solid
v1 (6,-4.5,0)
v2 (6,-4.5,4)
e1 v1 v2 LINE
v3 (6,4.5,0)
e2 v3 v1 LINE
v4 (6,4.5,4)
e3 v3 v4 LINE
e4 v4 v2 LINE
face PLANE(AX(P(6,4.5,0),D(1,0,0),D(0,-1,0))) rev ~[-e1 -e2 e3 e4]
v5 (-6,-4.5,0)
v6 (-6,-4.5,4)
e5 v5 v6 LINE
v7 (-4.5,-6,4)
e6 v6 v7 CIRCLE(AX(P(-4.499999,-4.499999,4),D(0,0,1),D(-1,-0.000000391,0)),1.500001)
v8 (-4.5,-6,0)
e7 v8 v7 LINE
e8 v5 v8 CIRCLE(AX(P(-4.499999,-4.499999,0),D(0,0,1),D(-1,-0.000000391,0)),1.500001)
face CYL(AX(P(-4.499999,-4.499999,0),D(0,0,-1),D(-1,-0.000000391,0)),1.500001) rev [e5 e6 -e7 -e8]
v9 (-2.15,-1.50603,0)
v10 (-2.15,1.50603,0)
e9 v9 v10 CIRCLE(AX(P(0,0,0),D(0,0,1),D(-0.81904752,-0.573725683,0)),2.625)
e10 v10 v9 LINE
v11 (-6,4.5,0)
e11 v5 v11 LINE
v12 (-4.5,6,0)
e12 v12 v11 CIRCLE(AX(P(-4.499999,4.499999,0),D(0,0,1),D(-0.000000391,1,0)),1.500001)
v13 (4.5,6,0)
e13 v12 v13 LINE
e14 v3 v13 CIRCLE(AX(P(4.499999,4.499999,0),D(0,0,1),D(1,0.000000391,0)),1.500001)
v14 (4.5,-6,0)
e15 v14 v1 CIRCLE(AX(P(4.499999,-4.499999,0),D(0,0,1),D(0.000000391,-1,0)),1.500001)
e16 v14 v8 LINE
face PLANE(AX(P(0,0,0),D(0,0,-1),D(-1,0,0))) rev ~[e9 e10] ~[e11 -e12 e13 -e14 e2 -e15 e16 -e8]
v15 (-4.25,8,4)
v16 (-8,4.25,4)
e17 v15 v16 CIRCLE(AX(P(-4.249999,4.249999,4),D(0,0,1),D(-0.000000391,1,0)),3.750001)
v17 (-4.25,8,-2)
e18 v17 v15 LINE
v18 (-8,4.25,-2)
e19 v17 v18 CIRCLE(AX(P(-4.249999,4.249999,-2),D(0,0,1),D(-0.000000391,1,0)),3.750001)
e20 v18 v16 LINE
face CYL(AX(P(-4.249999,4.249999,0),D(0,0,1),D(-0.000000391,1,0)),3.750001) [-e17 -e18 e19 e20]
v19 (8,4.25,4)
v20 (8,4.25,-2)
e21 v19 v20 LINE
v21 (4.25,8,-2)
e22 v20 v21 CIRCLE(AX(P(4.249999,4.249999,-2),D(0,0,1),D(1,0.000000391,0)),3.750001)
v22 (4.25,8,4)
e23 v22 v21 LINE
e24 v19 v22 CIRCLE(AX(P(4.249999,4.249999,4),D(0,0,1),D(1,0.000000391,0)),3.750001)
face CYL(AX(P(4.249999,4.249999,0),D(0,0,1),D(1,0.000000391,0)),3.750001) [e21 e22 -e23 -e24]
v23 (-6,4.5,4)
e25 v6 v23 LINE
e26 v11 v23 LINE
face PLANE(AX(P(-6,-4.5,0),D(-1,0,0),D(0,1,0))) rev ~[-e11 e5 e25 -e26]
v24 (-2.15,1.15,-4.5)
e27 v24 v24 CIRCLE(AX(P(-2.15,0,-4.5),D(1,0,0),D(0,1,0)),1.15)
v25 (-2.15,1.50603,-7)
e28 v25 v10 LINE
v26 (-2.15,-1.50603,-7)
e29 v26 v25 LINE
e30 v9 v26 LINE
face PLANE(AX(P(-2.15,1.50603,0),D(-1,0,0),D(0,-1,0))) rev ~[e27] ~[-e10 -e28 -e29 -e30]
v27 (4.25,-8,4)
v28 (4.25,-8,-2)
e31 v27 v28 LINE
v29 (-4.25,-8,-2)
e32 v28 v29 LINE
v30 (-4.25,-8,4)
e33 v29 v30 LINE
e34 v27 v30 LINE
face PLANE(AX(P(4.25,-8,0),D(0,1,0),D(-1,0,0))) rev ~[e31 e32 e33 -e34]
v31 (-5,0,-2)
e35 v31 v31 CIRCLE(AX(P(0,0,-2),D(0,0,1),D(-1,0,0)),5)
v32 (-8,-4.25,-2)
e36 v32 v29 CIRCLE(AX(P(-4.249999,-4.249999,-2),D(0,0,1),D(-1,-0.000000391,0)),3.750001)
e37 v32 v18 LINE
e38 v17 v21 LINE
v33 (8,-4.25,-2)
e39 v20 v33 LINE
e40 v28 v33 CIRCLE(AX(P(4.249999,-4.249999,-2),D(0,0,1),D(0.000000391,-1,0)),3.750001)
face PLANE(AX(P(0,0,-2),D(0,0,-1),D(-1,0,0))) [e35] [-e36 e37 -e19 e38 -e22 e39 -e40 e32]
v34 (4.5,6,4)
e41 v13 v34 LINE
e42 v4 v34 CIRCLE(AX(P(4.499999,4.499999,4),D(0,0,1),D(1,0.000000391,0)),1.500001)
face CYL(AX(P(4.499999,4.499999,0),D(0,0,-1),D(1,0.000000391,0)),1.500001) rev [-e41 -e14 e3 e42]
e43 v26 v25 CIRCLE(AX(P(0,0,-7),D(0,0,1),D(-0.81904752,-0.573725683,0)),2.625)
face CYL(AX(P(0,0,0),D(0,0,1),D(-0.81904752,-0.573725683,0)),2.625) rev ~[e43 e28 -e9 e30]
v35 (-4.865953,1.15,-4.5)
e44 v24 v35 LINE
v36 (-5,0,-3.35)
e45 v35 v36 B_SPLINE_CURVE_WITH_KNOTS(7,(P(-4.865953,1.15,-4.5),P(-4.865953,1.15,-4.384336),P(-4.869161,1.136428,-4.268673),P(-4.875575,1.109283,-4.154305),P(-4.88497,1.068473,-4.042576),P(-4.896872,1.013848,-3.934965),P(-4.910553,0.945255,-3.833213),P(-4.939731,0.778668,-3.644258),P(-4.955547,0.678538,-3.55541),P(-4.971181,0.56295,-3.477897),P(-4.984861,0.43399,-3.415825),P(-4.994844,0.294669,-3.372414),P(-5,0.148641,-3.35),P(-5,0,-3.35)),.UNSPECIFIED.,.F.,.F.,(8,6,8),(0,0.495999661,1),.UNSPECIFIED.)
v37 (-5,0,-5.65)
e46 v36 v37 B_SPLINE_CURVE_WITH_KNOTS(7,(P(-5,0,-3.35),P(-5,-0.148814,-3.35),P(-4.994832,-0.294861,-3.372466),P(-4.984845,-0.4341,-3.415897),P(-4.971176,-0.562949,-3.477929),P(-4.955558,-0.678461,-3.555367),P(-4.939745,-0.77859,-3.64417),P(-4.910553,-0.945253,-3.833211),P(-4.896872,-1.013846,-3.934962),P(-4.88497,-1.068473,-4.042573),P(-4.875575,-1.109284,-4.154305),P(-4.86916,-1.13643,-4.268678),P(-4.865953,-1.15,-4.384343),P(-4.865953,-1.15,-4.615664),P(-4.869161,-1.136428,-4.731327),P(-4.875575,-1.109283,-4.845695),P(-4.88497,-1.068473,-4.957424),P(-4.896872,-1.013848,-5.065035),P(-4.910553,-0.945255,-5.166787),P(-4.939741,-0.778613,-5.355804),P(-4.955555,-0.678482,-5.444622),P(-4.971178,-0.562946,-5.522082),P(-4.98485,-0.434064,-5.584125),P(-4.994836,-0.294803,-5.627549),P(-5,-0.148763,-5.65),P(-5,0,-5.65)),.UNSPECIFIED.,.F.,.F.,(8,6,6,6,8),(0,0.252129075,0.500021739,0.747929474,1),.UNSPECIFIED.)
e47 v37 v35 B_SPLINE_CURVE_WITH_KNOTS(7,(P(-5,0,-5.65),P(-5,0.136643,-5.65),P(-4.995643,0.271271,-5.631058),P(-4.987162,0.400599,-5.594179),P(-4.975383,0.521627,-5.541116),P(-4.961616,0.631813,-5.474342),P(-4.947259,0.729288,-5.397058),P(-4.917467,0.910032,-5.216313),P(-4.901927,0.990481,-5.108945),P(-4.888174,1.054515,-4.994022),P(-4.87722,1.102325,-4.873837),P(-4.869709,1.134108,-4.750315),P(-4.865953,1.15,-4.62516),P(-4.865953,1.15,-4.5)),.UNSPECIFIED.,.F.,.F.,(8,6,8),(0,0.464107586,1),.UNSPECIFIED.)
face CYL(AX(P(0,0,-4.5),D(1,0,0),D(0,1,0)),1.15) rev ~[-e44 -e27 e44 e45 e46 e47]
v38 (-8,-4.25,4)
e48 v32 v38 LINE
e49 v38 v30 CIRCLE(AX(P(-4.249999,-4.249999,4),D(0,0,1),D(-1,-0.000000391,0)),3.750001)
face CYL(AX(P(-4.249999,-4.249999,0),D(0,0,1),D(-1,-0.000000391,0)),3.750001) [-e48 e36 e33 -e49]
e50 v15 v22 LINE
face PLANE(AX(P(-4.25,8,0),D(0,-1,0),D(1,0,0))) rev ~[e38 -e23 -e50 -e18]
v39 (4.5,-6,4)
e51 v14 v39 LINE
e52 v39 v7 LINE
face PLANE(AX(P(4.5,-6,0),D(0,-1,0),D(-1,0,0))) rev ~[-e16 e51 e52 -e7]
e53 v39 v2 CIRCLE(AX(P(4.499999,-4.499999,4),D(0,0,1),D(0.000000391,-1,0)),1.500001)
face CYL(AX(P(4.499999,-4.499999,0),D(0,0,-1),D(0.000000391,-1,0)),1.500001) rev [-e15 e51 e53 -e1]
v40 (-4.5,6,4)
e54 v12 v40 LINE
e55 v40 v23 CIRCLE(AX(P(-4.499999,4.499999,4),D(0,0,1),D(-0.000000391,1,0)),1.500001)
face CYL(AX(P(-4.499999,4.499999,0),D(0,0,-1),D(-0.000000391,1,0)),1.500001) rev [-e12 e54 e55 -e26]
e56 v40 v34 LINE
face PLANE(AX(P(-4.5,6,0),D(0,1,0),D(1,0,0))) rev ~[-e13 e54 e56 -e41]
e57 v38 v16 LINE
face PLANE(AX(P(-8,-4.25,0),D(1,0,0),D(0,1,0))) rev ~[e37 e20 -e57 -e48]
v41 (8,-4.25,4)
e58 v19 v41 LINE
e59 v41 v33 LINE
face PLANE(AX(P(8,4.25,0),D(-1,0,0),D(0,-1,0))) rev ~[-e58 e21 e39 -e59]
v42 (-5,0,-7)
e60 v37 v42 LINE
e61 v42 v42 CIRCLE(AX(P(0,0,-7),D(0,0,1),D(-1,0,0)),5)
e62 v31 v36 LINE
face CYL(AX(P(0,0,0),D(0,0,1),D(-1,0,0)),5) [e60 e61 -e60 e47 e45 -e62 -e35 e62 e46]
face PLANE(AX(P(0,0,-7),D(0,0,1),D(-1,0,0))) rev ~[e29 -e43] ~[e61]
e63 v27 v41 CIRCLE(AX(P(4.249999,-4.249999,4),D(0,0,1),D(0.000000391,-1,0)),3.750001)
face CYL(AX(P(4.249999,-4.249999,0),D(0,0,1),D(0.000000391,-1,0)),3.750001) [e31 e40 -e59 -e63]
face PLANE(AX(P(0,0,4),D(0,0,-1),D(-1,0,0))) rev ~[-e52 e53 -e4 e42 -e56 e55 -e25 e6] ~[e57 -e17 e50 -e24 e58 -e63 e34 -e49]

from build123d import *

# Parameters (mm, degrees)
PAD_DEPTH    = 4
PAD001_DEPTH = 2
SKETCH002_R  = 5
PAD002_DEPTH = 7
SKETCH003_R  = 1.15
POCKET_DEPTH = 5


with BuildPart() as part:
    # Sketch → Pad (new body)
    with BuildSketch(Plane.XY):
        with BuildLine():
            Line((-4.25, 8), (4.25, 8))
            ThreePointArc((8, 4.25), (6.90165, 6.90165), (4.25, 8))
            Line((8, 4.25), (8, -4.25))
            ThreePointArc((4.25, -8), (6.90165, -6.90165), (8, -4.25))
            Line((4.25, -8), (-4.25, -8))
            ThreePointArc((-8, -4.25), (-6.90165, -6.90165), (-4.25, -8))
            Line((-8, -4.25), (-8, 4.25))
            ThreePointArc((-4.25, 8), (-6.90165, 6.90165), (-8, 4.25))
        make_face()
        with BuildLine():
            Line((-4.5, 6), (4.5, 6))
            ThreePointArc((6, 4.5), (5.56066, 5.56066), (4.5, 6))
            Line((6, 4.5), (6, -4.5))
            ThreePointArc((4.5, -6), (5.56066, -5.56066), (6, -4.5))
            Line((4.5, -6), (-4.5, -6))
            ThreePointArc((-6, -4.5), (-5.56066, -5.56066), (-4.5, -6))
            Line((-6, -4.5), (-6, 4.5))
            ThreePointArc((-4.5, 6), (-5.56066, 5.56066), (-6, 4.5))
        make_face(mode=Mode.SUBTRACT)
    extrude(amount=PAD_DEPTH)

    # Sketch001 → Pad001 (join)
    with BuildSketch(Plane.XY):
        with BuildLine():
            Line((-4.25, 8), (4.25, 8))
            ThreePointArc((8, 4.25), (6.90165, 6.90165), (4.25, 8))
            Line((8, 4.25), (8, -4.25))
            ThreePointArc((4.25, -8), (6.90165, -6.90165), (8, -4.25))
            Line((4.25, -8), (-4.25, -8))
            ThreePointArc((-8, -4.25), (-6.90165, -6.90165), (-4.25, -8))
            Line((-8, -4.25), (-8, 4.25))
            ThreePointArc((-4.25, 8), (-6.90165, 6.90165), (-8, 4.25))
        make_face()
        with BuildLine():
            ThreePointArc((-2.15, -1.50603), (2.625, 0), (-2.15, 1.50603))
            Line((-2.15, 1.50603), (-2.15, -1.50603))
        make_face(mode=Mode.SUBTRACT)
    extrude(amount=-PAD001_DEPTH)

    # Sketch002 → Pad002 (join)
    with BuildSketch(Plane(origin=(0, 0, 0), x_dir=(-1, 0, 0), z_dir=(0, 0, 1))):
        Circle(SKETCH002_R)
        with BuildLine():
            ThreePointArc((2.15, 1.50603), (-2.625, 0), (2.15, -1.50603))
            Line((2.15, 1.50603), (2.15, -1.50603))
        make_face(mode=Mode.SUBTRACT)
    extrude(amount=-PAD002_DEPTH)

    # Sketch003 → Pocket (cut)
    with BuildSketch(Plane(origin=(0, 0, -4.5), x_dir=(0, 1, 0), z_dir=(1, 0, 0))):
        Circle(SKETCH003_R)
    extrude(amount=-POCKET_DEPTH, mode=Mode.SUBTRACT)


solid = part.part
